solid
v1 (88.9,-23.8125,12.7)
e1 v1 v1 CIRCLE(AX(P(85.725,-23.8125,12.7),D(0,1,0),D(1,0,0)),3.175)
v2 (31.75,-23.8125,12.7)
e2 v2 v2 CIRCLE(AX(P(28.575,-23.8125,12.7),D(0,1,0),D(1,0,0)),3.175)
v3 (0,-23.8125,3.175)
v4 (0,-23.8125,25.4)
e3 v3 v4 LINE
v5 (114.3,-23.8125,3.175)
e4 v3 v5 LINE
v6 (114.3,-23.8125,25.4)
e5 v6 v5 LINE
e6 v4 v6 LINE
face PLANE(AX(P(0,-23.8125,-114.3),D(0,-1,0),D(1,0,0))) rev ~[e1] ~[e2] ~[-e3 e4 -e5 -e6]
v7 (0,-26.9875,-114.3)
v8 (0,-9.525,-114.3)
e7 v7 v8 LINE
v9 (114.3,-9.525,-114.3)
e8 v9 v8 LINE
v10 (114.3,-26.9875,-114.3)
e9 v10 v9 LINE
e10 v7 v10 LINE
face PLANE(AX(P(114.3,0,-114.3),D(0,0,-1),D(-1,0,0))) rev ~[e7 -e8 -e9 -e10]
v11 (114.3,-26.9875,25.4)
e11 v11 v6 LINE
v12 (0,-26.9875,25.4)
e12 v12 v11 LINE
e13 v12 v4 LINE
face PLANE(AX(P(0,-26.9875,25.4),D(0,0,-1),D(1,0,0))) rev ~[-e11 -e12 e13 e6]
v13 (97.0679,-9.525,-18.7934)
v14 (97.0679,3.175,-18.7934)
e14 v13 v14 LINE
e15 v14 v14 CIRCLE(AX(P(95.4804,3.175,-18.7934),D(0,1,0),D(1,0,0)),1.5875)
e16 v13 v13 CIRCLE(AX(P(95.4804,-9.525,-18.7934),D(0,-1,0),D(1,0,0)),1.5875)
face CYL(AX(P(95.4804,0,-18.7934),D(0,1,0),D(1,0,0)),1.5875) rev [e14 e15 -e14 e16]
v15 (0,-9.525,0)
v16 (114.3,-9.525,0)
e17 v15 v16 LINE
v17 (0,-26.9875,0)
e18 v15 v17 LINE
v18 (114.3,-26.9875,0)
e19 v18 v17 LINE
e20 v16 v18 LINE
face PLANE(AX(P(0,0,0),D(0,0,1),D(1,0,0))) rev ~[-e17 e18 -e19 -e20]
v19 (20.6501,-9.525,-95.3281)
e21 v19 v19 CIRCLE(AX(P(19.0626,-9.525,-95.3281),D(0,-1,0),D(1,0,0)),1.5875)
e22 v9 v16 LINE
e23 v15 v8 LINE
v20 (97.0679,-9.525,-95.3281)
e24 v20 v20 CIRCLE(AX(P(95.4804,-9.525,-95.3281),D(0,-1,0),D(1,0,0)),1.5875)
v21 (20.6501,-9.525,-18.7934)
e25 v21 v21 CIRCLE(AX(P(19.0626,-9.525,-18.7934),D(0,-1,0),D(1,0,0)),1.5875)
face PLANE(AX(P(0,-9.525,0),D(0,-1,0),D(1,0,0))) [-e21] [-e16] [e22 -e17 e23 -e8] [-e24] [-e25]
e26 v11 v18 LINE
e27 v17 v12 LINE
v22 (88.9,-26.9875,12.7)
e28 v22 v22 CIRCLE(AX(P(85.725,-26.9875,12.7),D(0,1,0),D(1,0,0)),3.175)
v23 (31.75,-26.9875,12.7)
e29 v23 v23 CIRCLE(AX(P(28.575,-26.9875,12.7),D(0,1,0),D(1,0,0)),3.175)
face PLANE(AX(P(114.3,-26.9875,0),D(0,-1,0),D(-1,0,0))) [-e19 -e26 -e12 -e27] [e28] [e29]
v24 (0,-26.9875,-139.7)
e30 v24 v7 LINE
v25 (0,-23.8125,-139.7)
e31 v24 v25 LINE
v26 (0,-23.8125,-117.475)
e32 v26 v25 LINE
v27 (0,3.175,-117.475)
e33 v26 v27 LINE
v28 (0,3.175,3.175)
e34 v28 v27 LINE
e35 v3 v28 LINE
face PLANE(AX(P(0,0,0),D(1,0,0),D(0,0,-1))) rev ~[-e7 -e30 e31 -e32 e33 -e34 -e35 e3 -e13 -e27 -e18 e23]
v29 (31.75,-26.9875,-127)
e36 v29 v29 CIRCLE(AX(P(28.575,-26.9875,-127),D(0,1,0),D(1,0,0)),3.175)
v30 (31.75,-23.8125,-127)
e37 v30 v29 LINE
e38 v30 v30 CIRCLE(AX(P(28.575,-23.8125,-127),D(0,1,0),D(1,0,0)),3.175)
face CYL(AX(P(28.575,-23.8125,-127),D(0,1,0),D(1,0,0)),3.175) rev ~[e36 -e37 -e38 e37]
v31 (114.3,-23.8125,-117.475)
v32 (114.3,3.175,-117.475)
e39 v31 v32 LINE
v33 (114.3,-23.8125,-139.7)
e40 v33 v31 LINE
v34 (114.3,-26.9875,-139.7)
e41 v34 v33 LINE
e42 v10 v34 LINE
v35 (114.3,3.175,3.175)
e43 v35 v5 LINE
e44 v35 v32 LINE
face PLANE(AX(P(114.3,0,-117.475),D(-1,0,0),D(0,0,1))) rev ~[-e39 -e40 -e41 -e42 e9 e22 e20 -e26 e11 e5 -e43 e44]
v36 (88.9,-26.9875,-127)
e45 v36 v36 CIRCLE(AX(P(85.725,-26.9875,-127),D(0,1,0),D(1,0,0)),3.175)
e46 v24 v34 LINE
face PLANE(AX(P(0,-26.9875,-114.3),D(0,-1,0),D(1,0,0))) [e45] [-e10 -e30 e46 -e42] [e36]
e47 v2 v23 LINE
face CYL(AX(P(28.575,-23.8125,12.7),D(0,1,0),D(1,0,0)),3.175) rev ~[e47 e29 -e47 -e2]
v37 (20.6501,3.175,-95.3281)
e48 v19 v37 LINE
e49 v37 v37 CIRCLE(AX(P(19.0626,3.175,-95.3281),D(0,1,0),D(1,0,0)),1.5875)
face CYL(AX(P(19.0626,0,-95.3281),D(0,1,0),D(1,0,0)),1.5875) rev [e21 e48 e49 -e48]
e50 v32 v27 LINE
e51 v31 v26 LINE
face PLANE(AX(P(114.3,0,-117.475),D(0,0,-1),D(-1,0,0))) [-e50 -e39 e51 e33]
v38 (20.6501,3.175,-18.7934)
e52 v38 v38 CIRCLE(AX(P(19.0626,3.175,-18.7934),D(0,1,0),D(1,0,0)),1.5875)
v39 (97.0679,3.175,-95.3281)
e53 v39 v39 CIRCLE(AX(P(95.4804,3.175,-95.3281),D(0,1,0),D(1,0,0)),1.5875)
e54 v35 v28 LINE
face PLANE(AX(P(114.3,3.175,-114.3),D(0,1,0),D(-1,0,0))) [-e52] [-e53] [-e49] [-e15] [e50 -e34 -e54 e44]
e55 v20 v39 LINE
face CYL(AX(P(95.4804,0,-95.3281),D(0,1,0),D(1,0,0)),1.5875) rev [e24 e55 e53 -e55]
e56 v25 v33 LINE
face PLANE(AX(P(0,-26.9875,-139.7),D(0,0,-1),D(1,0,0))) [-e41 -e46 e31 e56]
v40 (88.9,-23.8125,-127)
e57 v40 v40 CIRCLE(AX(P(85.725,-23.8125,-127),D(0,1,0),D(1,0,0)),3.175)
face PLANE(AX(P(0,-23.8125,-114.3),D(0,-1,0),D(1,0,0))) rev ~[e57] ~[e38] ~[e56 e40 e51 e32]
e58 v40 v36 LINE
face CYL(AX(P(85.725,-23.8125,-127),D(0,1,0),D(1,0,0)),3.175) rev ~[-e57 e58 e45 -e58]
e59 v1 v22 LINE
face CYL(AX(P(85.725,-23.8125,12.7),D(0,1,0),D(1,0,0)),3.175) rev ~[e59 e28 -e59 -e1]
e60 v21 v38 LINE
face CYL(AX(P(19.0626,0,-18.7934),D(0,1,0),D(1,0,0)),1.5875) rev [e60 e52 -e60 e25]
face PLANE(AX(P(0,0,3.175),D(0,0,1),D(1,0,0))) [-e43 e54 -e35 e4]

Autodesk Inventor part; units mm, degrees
ref_plane "YZ Plane" through (0, 0, 0) normal (1, 0, 0) x (0, 1, 0)
ref_plane "XZ Plane" through (0, 0, 0) normal (0, 1, 0) x (-1, 0, 0)
ref_plane "XY Plane" through (0, 0, 0) normal (0, 0, 1) x (1, 0, 0)
sketch "Sketch1" plane through (0, 0, 0) normal (0, 1, 0) x (-1, 0, 0)
  line L0 (0, 0) -> (-114.3, 0)
  line L1 (-114.3, 0) -> (-114.3, -114.3)
  line L2 (-114.3, -114.3) -> (0, -114.3)
  line L3 (0, -114.3) -> (0, 0)
  dimension "d0" = 114.3
  dimension "d1" = 114.3
extrude "Extrusion1" add sketch "Sketch1" along normal blind 3.175
sketch "Sketch2" plane through (0, 0, 0) normal (0, 0, 1) x (1, 0, 0)
  line L0 (114.3, 3.175) -> (0, 3.175) projected
  line L1 (0, 3.175) -> (114.3, 3.175)
  line L2 (0, 0) -> (0, 3.175) projected
  line L3 (0, 3.175) -> (114.3, 3.175)
  line L4 (114.3, 3.175) -> (114.3, -26.9875)
  line L5 (114.3, -26.9875) -> (0, -26.9875)
  line L6 (0, -26.9875) -> (0, 3.175)
  dimension "d14" = 30.1625
extrude "Extrusion2" add sketch "Sketch2" along normal blind 3.175
sketch "Sketch5" plane through (114.3, 0, -114.3) normal (0, 0, -1) x (-1, 0, 0)
  line L0 (114.3, 3.175) -> (114.3, -26.9875) projected
  line L1 (0, 3.175) -> (114.3, 3.175)
  line L2 (114.3, 3.175) -> (114.3, -26.9875)
  line L3 (114.3, -26.9875) -> (0, -26.9875)
  line L4 (0, -26.9875) -> (0, 3.175)
  point P0 (114.3, 0)
extrude "Extrusion5" add sketch "Sketch5" along normal blind 3.175
sketch "Sketch6" plane through (0, -26.9875, -114.3) normal (0, -1, 0) x (1, 0, 0)
  line L0 (114.3, 114.3) -> (114.3, 0) projected
  line L1 (114.3, 0) -> (0, 0)
  line L2 (0, 0) -> (0, -25.4)
  line L3 (0, -25.4) -> (114.3, -25.4)
  line L4 (114.3, -25.4) -> (114.3, 0)
  line L5 (0, 114.3) -> (114.3, 114.3) projected
  line L6 (114.3, 114.3) -> (0, 114.3)
  line L7 (0, 114.3) -> (0, 139.7)
  line L8 (0, 139.7) -> (114.3, 139.7)
  line L9 (114.3, 139.7) -> (114.3, 114.3)
  dimension "d17" = 25.4
  dimension "d18" = 25.4
extrude "Extrusion6" add sketch "Sketch6" against normal blind 3.175
sketch "Sketch7" plane through (0, -23.8125, -114.3) normal (0, 1, 0) x (1, 0, 0)
  point P0 (0, -114.3)
sketch "Sketch8" plane through (0, 3.175, 0) normal (0, 1, 0) x (1, 0, 0)
  circle A0 centre (19.0626, 18.7934) radius 1.5875
  circle A1 centre (19.0626, 95.3281) radius 1.5875
  circle A2 centre (95.4804, 18.7934) radius 1.5875
  circle A3 centre (95.4804, 95.3281) radius 1.5875
  point P0 (0, 0)
  dimension "d21" = 3.175
  dimension "d22" = 3.175
  dimension "d23" = 3.175
  dimension "d24" = 3.175
extrude "Extrusion7" cut sketch "Sketch8" against normal blind 12.7
sketch "Sketch9" plane through (0, -23.8125, -114.3) normal (0, 1, 0) x (1, 0, 0)
  line L0 (114.3, -139.7) -> (0, -139.7) construction
  line L1 (0, -139.7) -> (0, -127) construction
  line L2 (0, -114.3) -> (0, -139.7) construction
  line L3 (0, -139.7) -> (12.7, -139.7) construction
  line L4 (114.3, -114.3) -> (114.3, -139.7) construction
  line L5 (0, -127) -> (28.575, -127) construction
  line L6 (0, -127) -> (28.575, -127) construction
  line L7 (28.575, -127) -> (85.725, -127) construction
  circle A0 centre (28.575, -127) radius 3.175
  circle A1 centre (85.725, -127) radius 3.175
  line L8 (114.3, 25.4) -> (0, 25.4) construction
  line L9 (0, 25.4) -> (0, 12.7) construction
  line L10 (0, 12.7) -> (28.575, 12.7) construction
  line L11 (28.575, 12.7) -> (85.725, 12.7) construction
  line L12 (28.575, 12.7) -> (85.725, 12.7) construction
  circle A2 centre (28.575, 12.7) radius 3.175
  circle A3 centre (85.725, 12.7) radius 3.175
  dimension "d27" = 12.7
  dimension "d28" = 90
  dimension "d29" = 28.575
  dimension "d30" = 0
  dimension "d31" = 57.15
  dimension "d33" = 6.35
  dimension "d34" = 6.35
  dimension "d35" = 12.7
  dimension "d36" = 28.575
  dimension "d37" = 57.15
  dimension "d39" = 6.35
  dimension "d40" = 6.35
extrude "Extrusion8" cut sketch "Sketch9" against normal blind 3.175
sketch "Sketch10" plane through (0, 0, 0) normal (0, -1, 0) x (1, 0, 0)
  line L0 (0, 0) -> (114.3, 0) projected
  line L1 (114.3, -117.475) -> (0, -117.475) projected
  line L2 (114.3, 0) -> (0, 0)
  line L3 (0, 0) -> (0, -117.475)
  line L4 (0, -117.475) -> (114.3, -117.475)
  line L5 (114.3, -117.475) -> (114.3, 0)
  circle A0 centre (95.4804, -18.7934) radius 1.5875 projected
  circle A1 centre (95.4804, -18.7934) radius 1.5875
  circle A2 centre (95.4804, -95.3281) radius 1.5875 projected
  circle A3 centre (95.4804, -95.3281) radius 1.5875
  circle A4 centre (19.0626, -18.7934) radius 1.5875 projected
  circle A5 centre (19.0626, -18.7934) radius 1.5875
  circle A6 centre (19.0626, -95.3281) radius 1.5875 projected
  circle A7 centre (19.0626, -95.3281) radius 1.5875
  dimension "d45" = 3.175
  dimension "d46" = 3.175
  dimension "d47" = 3.175
  dimension "d48" = 3.175
extrude "Extrusion9" add sketch "Sketch10" along normal blind 9.525
properties part number "TurntableBase"
